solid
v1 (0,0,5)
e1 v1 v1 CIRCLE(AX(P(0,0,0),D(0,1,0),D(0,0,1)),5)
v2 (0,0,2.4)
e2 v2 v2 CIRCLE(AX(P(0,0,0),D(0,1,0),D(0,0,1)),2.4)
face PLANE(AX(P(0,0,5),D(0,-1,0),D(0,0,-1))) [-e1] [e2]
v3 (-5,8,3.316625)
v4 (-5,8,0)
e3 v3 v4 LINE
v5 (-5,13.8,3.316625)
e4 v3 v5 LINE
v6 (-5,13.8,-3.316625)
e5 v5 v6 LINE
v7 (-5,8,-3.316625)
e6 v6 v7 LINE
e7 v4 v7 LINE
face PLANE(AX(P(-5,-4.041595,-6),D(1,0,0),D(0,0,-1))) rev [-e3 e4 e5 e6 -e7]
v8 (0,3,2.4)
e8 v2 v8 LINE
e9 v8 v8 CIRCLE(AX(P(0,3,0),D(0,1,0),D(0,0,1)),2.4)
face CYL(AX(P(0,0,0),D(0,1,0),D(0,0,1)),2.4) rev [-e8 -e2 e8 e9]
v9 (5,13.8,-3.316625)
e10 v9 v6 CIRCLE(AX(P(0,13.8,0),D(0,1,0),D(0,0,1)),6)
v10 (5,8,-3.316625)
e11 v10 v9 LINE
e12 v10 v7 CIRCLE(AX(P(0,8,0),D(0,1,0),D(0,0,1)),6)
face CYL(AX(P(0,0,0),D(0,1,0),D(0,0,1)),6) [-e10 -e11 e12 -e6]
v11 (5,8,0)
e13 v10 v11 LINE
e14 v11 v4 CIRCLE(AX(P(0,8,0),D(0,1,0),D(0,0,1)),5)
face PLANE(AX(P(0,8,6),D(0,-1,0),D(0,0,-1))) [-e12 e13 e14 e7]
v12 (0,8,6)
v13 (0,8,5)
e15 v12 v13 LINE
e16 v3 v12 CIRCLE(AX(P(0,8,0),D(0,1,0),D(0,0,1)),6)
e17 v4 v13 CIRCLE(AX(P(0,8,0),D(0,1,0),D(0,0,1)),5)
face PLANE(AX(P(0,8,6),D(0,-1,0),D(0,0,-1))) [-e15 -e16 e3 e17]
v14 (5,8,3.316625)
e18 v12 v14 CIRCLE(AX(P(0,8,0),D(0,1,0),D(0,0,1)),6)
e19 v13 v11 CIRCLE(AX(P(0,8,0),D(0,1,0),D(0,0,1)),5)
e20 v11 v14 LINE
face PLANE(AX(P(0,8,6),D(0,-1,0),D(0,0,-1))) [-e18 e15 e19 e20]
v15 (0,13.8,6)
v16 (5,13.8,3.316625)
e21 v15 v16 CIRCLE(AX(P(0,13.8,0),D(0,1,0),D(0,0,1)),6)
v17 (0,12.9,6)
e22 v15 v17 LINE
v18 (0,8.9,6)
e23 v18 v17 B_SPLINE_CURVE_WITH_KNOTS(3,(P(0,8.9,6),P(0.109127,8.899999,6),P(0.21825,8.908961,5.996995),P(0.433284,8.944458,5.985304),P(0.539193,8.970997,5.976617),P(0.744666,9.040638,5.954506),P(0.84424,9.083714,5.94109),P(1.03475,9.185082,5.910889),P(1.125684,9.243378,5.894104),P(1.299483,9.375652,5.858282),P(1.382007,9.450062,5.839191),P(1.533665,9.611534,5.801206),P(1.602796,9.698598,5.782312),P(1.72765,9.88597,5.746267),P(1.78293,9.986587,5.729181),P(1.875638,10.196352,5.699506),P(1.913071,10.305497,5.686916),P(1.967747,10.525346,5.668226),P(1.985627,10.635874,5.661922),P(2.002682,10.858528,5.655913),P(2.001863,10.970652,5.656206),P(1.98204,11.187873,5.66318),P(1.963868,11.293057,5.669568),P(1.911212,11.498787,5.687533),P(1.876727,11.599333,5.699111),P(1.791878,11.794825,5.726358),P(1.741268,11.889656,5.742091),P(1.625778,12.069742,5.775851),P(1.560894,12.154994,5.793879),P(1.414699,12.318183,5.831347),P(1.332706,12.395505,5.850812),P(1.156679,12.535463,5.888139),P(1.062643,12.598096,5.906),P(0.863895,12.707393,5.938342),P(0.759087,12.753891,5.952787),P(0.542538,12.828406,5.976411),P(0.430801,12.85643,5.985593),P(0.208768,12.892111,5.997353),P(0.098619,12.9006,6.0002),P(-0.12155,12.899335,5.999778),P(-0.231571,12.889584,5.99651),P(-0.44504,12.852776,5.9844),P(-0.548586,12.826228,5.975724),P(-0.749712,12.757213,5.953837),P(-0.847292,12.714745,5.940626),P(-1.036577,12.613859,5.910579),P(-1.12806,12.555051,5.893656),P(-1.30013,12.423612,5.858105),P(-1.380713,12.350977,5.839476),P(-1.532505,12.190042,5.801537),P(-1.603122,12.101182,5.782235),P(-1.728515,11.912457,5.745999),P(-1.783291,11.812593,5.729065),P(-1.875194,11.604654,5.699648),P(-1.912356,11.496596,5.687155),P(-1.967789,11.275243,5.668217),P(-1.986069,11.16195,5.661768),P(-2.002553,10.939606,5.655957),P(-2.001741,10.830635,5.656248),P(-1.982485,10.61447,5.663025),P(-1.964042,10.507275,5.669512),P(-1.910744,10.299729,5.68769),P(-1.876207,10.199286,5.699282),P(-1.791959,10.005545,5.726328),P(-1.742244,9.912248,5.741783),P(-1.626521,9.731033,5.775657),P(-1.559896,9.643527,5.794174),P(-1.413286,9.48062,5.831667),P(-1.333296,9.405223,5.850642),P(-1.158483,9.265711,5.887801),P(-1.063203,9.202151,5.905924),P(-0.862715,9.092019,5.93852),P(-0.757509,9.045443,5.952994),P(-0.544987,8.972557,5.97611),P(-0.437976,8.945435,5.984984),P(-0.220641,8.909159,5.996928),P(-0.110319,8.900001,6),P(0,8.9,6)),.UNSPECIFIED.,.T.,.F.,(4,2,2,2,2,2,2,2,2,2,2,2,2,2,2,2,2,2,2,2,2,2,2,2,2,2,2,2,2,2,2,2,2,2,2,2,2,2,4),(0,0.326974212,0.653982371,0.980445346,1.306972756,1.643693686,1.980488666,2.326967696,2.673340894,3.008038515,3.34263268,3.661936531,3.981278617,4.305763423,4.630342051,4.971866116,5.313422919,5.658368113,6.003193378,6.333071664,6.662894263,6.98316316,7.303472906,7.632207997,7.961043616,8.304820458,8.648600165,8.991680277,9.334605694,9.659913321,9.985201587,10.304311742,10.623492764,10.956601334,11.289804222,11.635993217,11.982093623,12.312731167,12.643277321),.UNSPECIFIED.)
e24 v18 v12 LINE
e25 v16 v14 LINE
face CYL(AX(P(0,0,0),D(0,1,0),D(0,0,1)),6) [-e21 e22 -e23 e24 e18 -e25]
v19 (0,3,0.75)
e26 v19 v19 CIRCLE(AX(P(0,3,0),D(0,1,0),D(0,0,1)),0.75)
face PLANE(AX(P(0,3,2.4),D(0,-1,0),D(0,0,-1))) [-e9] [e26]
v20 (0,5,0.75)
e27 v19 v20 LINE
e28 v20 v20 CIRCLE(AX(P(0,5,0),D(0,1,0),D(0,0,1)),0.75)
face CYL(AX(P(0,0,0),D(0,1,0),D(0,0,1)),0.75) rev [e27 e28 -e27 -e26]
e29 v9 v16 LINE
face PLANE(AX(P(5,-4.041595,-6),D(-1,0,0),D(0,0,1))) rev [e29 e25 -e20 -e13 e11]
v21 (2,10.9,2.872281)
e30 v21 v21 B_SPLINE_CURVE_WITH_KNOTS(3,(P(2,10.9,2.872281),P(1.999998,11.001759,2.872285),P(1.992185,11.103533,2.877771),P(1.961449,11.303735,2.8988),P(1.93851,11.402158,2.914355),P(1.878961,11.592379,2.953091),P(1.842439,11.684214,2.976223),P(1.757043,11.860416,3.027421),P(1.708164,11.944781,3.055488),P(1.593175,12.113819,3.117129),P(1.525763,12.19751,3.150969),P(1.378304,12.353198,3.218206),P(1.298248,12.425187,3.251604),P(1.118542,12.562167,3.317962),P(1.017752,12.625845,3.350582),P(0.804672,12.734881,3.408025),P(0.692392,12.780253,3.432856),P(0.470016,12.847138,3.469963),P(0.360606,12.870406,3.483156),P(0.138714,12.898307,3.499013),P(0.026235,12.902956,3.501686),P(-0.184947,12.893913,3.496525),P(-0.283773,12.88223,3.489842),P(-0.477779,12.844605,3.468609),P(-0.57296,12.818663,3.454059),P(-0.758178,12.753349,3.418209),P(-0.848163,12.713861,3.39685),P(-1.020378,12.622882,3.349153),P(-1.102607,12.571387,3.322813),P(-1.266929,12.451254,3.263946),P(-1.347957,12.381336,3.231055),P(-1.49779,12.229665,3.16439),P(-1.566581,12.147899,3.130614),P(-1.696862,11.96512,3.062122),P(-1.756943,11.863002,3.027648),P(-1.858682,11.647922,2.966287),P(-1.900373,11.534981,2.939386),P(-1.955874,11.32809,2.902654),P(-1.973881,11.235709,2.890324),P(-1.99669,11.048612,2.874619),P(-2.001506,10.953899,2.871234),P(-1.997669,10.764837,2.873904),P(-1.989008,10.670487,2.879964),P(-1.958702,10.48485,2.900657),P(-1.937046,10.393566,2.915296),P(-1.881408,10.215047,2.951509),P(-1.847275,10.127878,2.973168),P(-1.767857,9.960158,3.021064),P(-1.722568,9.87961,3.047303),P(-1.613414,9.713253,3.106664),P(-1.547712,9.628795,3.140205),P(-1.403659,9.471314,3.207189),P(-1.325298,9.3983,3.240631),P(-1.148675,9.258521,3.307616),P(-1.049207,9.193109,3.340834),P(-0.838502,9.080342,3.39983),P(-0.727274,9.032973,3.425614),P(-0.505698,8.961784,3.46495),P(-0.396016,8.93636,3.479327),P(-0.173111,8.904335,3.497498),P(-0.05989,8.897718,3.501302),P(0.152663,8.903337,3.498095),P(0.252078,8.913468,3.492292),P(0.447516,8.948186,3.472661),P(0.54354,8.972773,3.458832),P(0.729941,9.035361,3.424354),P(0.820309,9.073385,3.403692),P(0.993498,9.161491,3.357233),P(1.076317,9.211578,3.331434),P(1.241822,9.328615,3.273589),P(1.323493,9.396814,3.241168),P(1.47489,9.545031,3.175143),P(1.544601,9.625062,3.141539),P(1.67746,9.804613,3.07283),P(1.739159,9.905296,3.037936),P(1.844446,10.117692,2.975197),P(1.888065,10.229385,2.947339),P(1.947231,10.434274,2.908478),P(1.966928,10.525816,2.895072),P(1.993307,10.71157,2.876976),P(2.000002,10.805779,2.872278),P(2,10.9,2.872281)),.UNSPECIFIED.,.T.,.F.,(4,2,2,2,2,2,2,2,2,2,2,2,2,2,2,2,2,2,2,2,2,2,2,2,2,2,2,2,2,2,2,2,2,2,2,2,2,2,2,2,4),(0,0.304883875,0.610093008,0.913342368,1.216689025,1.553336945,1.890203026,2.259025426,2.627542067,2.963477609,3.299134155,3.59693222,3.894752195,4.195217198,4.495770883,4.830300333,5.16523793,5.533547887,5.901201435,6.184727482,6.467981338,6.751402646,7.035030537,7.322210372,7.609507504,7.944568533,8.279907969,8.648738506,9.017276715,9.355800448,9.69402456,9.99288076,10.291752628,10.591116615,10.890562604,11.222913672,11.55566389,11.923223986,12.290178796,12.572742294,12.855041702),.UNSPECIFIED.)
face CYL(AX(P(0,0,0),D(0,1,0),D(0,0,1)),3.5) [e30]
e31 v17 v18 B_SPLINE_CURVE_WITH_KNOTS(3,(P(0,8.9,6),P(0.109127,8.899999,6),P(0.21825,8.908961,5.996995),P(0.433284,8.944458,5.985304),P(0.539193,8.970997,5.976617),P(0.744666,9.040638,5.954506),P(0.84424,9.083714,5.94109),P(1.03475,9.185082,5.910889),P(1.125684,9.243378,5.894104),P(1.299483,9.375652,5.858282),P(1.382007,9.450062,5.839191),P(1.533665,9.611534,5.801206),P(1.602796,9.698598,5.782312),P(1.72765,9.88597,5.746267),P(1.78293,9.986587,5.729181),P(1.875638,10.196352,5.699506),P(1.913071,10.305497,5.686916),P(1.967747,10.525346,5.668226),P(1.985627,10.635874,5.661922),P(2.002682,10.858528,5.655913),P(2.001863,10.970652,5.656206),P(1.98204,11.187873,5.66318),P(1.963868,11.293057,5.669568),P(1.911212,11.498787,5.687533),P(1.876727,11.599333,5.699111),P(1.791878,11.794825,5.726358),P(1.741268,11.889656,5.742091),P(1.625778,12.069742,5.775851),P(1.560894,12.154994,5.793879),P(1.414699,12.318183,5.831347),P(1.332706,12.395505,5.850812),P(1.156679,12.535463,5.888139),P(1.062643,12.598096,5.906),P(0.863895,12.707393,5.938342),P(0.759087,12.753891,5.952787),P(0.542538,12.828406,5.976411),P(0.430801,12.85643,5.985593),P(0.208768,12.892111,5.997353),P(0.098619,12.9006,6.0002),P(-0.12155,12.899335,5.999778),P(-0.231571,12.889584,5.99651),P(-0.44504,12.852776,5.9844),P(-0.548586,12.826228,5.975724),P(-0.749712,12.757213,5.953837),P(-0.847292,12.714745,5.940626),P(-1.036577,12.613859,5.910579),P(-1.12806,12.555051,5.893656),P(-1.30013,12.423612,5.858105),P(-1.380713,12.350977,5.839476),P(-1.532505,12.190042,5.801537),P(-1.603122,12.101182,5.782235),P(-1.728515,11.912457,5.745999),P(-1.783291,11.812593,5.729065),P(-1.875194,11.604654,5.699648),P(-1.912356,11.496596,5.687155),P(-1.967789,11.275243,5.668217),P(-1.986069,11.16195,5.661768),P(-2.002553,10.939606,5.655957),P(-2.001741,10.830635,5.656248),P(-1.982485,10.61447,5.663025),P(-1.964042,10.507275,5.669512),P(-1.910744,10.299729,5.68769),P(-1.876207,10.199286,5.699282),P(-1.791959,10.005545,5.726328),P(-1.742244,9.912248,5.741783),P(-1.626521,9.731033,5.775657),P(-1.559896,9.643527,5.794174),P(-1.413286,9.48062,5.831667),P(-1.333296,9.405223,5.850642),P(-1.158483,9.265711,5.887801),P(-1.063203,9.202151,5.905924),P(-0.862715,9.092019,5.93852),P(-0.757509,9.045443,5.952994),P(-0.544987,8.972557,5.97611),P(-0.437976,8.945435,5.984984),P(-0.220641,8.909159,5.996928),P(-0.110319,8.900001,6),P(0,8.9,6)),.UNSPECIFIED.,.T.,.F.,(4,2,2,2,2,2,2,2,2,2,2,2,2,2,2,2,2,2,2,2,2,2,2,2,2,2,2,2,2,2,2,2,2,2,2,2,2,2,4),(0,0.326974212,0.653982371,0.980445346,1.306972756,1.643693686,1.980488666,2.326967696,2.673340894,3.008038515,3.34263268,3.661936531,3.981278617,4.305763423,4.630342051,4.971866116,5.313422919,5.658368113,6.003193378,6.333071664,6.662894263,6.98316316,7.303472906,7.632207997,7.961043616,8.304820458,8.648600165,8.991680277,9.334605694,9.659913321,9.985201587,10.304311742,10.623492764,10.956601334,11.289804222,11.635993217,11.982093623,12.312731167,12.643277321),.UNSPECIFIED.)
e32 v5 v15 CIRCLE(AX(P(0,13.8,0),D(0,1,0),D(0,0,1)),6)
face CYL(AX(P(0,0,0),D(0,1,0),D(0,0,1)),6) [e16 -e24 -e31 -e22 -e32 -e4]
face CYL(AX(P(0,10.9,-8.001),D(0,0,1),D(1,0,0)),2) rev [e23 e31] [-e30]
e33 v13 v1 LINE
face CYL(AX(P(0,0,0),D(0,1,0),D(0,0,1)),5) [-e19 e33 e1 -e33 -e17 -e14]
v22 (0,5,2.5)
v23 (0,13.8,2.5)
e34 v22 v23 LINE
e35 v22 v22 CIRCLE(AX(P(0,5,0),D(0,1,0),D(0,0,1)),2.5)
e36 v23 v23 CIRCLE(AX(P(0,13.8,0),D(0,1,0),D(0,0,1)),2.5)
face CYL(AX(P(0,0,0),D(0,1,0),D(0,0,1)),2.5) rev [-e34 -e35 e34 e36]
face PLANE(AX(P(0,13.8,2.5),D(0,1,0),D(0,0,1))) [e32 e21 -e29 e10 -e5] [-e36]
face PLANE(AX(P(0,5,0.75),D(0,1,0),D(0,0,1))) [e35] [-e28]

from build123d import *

# Parameters (mm, degrees)
CUT_EXTRUDE1_REACH      = 21.247
CUT_EXTRUDE1_END_RADIUS = 3.5
SKETCH5_R               = 2
SKETCH7_W               = 1
SKETCH7_H               = 12
CUT_EXTRUDE2_DEPTH      = 5.8


with BuildPart() as part:
    # Sweep1: sweep along a path in Sketch2
    with BuildLine(Plane(origin=(0, 0, 0), x_dir=(1, 0, 0), z_dir=(0, 1, 0))) as sweep1_path:
        CenterArc((0, 0), 5, 0, 360)
    # Sketch4 → Sweep1 (sweep)
    with BuildSketch(Plane(origin=(0, 0, 0), x_dir=(0, 0, -1), z_dir=(1, 0, 0))):
        Polygon((-2.4, 0), (-2.4, 3), (-0.75, 3), (-0.75, 5), (-2.5, 5), (-2.5, 13.8), (-6, 13.8), (-6, 8), (-5, 8), (-5, 0), align=None)
    sweep(path=sweep1_path.line)

    # Cut-Extrude1: up to this cylinder (the profile starts outside it)
    cut_extrude1_end = Plane(origin=(0, 10.9, 0), z_dir=(0, 1, 0)) * Cylinder(CUT_EXTRUDE1_END_RADIUS, 50.494, mode=Mode.PRIVATE)
    # Sketch5 → Cut-Extrude1 (cut, up to the surface)
    with BuildSketch(Plane(origin=(0, 13.8, 6), x_dir=(1, 0, 0), z_dir=(0, 0, 1)), mode=Mode.PRIVATE) as cut_extrude1_sk1:
        with Locations((0, -2.9)):
            Circle(SKETCH5_R)
    cut_extrude1_tool1 = extrude(cut_extrude1_sk1.sketch, amount=-CUT_EXTRUDE1_REACH, mode=Mode.PRIVATE) - cut_extrude1_end
    add(cut_extrude1_tool1.solids().sort_by_distance((0, 10.9, 6))[0], mode=Mode.SUBTRACT)

    # Sketch7 → Cut-Extrude2 (cut)
    with BuildSketch(Plane(origin=(0, 13.8, 0), x_dir=(1, 0, 0), z_dir=(0, 1, 0))):
        with Locations((-5.5, 0)):
            Rectangle(SKETCH7_W, SKETCH7_H)
        with Locations((5.5, 0)):
            Rectangle(SKETCH7_W, SKETCH7_H)
    extrude(amount=-CUT_EXTRUDE2_DEPTH, mode=Mode.SUBTRACT)


solid = part.part
